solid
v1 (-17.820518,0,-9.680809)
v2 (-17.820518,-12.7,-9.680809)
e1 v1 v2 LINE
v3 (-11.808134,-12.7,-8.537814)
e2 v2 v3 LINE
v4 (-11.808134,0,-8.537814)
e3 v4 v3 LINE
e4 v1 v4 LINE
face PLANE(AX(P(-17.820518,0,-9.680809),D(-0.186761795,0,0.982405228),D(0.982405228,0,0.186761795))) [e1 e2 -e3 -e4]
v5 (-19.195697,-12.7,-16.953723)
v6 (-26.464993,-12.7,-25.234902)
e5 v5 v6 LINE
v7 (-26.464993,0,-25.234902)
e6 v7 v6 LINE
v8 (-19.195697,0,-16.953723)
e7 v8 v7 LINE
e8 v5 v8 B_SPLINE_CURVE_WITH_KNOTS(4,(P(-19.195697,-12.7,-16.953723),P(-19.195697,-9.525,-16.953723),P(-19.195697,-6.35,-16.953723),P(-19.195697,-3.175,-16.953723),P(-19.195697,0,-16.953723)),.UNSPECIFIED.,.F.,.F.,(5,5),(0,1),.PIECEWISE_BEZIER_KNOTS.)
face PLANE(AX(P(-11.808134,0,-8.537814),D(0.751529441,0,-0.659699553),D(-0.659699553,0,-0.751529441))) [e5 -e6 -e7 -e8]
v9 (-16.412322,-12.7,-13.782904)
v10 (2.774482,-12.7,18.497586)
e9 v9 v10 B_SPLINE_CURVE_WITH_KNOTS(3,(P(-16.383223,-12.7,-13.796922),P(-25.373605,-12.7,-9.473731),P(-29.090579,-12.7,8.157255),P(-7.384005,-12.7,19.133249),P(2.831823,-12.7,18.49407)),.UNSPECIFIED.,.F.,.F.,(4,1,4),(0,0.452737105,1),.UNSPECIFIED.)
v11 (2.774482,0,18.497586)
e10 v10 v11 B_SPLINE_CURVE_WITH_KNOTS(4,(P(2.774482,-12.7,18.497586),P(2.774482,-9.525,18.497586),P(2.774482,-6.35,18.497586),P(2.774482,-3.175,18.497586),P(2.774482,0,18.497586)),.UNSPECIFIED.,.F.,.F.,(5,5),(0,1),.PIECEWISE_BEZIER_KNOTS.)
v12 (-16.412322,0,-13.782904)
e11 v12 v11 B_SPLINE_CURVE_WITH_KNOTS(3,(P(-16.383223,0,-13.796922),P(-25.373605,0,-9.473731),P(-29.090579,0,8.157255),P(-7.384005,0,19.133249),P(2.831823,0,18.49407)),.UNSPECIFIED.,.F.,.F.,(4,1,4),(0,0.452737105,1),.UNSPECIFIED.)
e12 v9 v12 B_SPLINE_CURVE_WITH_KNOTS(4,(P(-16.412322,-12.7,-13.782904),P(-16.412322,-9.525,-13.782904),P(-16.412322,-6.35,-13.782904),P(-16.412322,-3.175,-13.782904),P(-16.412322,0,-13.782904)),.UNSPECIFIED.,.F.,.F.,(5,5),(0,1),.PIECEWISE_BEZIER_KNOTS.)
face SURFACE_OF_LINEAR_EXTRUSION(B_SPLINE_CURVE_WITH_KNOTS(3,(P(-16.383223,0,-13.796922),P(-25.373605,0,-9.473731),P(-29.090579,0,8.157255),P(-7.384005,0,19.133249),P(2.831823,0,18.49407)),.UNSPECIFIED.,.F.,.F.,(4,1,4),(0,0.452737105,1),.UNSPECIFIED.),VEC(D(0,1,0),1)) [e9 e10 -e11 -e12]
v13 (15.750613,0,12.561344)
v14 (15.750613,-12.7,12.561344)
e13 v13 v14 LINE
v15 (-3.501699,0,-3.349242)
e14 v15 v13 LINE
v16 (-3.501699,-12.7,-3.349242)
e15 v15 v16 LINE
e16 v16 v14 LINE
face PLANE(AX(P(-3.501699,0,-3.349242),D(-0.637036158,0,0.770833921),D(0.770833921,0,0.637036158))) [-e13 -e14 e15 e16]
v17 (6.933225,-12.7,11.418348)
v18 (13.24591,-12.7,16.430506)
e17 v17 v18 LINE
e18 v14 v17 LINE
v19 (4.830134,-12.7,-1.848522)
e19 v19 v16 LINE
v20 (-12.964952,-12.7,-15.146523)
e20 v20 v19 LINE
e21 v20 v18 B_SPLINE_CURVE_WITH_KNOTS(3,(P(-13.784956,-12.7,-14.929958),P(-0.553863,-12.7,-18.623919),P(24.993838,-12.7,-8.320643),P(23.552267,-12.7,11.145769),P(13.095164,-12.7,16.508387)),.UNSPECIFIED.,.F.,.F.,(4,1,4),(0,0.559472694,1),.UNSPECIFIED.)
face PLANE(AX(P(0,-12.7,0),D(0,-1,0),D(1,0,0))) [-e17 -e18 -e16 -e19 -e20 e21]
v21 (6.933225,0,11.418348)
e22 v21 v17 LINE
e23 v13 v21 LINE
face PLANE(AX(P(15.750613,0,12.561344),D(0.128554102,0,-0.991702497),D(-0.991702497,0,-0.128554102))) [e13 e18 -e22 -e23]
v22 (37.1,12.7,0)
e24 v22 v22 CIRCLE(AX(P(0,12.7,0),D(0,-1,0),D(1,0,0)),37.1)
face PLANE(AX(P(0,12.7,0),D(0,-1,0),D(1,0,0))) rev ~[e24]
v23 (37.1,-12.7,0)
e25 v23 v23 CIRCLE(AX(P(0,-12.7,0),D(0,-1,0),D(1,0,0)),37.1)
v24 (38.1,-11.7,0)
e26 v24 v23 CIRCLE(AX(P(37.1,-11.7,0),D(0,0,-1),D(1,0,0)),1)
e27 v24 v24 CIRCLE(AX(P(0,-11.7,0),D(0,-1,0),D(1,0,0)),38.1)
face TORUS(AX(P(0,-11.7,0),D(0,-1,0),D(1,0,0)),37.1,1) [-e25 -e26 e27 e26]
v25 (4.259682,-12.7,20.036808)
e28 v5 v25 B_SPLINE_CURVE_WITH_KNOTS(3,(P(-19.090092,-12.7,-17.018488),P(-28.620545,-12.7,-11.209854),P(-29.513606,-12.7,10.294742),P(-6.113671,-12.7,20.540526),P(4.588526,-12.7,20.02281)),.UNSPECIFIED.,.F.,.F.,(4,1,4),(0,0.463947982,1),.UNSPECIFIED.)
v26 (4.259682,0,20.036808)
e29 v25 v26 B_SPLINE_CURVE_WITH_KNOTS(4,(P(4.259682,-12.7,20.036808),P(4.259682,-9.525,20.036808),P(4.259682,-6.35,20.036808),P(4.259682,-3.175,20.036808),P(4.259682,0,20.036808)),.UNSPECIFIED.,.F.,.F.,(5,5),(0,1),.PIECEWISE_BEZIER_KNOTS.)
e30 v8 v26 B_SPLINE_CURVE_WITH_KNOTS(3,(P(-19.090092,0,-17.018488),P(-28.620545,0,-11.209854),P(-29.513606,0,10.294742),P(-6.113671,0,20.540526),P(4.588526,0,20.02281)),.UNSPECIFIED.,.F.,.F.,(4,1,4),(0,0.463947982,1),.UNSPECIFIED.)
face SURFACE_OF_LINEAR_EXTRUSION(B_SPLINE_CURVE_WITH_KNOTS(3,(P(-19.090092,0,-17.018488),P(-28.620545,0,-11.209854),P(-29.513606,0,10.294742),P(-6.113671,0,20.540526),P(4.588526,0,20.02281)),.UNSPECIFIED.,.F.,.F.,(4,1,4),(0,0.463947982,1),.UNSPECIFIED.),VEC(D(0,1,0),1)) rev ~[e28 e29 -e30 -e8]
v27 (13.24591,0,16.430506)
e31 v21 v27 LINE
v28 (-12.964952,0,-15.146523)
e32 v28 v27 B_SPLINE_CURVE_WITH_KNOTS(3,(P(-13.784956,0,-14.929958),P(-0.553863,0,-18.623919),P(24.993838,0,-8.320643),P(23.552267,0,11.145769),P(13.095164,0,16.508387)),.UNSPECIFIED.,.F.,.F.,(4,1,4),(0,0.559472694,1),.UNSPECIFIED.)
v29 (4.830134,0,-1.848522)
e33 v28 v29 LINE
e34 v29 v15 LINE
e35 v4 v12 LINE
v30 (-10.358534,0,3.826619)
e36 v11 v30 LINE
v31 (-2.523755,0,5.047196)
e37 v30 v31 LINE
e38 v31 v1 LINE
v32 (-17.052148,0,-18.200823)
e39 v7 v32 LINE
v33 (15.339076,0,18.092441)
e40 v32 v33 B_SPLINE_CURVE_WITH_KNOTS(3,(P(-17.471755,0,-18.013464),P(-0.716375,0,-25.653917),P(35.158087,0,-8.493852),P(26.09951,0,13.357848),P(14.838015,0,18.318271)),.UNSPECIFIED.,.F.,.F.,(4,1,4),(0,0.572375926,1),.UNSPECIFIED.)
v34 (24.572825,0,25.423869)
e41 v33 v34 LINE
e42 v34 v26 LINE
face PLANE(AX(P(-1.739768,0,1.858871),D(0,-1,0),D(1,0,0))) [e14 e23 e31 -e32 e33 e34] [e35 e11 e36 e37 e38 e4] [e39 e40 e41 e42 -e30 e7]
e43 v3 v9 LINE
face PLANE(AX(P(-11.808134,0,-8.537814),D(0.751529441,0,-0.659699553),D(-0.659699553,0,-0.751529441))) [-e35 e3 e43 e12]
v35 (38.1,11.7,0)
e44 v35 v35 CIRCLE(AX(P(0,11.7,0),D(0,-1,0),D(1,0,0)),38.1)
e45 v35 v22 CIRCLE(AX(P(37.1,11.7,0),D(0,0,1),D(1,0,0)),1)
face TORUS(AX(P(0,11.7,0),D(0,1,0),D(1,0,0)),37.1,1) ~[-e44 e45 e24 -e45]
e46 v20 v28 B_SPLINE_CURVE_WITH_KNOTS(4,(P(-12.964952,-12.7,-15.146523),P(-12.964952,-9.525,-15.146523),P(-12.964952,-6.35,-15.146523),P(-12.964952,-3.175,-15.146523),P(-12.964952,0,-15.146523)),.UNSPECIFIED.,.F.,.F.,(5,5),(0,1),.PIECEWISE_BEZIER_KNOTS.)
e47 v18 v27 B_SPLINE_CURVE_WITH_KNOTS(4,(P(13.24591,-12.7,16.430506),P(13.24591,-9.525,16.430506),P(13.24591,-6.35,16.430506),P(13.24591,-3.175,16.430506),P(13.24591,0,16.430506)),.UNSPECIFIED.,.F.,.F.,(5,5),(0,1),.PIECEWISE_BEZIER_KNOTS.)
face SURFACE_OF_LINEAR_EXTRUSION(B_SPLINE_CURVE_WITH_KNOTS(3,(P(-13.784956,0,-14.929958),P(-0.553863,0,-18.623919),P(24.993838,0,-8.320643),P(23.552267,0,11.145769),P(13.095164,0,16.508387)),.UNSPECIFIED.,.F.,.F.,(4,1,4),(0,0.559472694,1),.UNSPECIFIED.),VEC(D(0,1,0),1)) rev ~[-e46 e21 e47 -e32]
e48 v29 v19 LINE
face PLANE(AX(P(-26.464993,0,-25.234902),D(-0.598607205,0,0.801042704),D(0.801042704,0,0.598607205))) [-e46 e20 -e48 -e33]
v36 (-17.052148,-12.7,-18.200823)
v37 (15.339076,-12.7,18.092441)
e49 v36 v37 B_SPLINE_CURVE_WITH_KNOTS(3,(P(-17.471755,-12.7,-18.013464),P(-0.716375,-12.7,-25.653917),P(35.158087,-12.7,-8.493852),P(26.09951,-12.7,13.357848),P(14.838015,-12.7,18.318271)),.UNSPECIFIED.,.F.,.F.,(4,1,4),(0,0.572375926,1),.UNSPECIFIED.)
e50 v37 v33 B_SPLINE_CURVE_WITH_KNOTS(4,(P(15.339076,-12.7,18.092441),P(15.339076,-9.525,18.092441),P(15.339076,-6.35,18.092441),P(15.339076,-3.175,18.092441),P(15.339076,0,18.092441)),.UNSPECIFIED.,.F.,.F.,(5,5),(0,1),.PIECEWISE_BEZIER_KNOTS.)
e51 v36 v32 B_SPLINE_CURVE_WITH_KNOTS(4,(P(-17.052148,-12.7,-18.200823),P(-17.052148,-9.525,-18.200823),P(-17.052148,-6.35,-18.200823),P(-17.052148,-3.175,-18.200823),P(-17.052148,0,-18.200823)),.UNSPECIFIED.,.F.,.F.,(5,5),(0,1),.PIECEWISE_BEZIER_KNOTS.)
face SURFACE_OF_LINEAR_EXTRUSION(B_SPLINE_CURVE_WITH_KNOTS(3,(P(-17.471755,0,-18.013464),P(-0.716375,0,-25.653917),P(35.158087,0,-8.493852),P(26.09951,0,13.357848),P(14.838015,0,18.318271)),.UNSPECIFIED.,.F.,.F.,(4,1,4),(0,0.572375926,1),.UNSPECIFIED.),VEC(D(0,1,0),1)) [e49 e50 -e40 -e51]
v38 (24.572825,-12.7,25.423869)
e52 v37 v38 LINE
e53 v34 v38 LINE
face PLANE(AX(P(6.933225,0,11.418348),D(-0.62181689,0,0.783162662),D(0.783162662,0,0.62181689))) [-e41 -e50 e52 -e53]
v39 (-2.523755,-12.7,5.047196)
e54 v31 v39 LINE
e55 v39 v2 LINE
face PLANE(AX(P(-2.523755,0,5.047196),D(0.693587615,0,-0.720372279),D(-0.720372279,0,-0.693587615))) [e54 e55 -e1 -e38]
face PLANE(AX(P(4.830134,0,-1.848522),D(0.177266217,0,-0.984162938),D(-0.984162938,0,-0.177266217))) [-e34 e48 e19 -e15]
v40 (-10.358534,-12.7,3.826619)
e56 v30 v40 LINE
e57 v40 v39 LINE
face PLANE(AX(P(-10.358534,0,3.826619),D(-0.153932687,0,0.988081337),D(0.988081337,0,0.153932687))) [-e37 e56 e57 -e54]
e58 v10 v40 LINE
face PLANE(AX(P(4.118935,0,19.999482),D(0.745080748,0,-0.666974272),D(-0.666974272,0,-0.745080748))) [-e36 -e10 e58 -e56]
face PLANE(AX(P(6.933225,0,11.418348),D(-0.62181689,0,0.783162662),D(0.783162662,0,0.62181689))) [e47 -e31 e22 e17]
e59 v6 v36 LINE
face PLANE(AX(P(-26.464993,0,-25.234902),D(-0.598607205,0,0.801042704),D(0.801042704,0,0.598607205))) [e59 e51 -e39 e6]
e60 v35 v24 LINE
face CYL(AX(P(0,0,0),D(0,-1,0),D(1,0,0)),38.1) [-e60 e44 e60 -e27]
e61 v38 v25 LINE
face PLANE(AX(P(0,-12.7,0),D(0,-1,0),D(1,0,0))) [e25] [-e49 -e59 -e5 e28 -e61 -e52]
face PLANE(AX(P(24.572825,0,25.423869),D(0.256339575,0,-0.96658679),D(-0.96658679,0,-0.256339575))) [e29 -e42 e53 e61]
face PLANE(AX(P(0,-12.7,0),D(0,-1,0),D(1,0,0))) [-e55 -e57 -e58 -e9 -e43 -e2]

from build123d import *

# Parameters (mm, degrees)
F3_R     = 38.1
F4_DEPTH = 12.7
F5_DEPTH = 12.7
F6_R     = 1


with BuildPart() as f4:
    # F3 (on Front) → F4 (new body, symmetric)
    with BuildSketch(Plane.XZ):
        Circle(F3_R)
    extrude(amount=F4_DEPTH, both=True)

    # F0 (on Front) + F1 (on Front) + F2 (on Front) → F5 (cut)
    with BuildSketch(Plane.XZ):
        Polygon((-11.8081336841, -8.5378140211), (-26.464993082, -25.2349018068), (4.8301340017, -1.8485224727), (-3.5016993061, -3.3492420334), (15.7506130636, 12.5613436103), (6.9332248531, 11.4183481783), (24.5728250593, 25.4238694906), (4.1189347394, 19.9994817376), (-10.358533822, 3.8266193587), (-2.5237547234, 5.047195591), (-17.8205184639, -9.6808085218), align=None)
    with BuildSketch(Plane.XZ):
        with BuildLine():
            Line((-19.0900918096, -17.018487677), (-16.3832232356, -13.7969218194))
            add(Edge.make_bspline(
                [(-16.3832232356, -13.7969218194), (-25.3736051563, -9.473731392), (-29.0905786368, 8.1572549104), (-7.3840054694, 19.1332485124), (2.8318234254, 18.4940695763)],
                knots=[0, 0, 0, 0, 0.4527371046, 1, 1, 1, 1], degree=3))
            Line((2.8318234254, 18.4940695763), (4.588526208, 20.0228095055))
            add(Edge.make_bspline(
                [(-19.0900918096, -17.018487677), (-28.620544821, -11.2098539248), (-29.5136057934, 10.2947418894), (-6.1136707664, 20.5405261368), (4.588526208, 20.0228095055)],
                knots=[0, 0, 0, 0, 0.4639479817, 1, 1, 1, 1], degree=3))
        make_face()
    with BuildSketch(Plane.XZ):
        with BuildLine():
            add(Edge.make_bspline(
                [(-13.784956187, -14.9299576879), (-0.5538631669, -18.623918621), (24.9938380842, -8.3206427927), (23.5522668809, 11.1457686871), (13.0951637402, 16.5083874017)],
                knots=[0, 0, 0, 0, 0.5594726936, 1, 1, 1, 1], degree=3))
            Line((-13.784956187, -14.9299576879), (-17.4717549235, -18.0134642869))
            add(Edge.make_bspline(
                [(-17.4717549235, -18.0134642869), (-0.7163750913, -25.6539166477), (35.1580871339, -8.4938520858), (26.0995104909, 13.357847929), (14.8380147293, 18.3182712644)],
                knots=[0, 0, 0, 0, 0.5723759264, 1, 1, 1, 1], degree=3))
            Line((14.8380147293, 18.3182712644), (13.0951637402, 16.5083874017))
        make_face()
    extrude(amount=F5_DEPTH, mode=Mode.SUBTRACT)

    # F6
    f6_edges = [f4.edges().sort_by_distance(p)[0] for p in [
        (-38.1, -12.7, 0),
        (-38.1, 12.7, 0),
    ]]
    fillet(f6_edges, radius=F6_R)


solid = f4.part
